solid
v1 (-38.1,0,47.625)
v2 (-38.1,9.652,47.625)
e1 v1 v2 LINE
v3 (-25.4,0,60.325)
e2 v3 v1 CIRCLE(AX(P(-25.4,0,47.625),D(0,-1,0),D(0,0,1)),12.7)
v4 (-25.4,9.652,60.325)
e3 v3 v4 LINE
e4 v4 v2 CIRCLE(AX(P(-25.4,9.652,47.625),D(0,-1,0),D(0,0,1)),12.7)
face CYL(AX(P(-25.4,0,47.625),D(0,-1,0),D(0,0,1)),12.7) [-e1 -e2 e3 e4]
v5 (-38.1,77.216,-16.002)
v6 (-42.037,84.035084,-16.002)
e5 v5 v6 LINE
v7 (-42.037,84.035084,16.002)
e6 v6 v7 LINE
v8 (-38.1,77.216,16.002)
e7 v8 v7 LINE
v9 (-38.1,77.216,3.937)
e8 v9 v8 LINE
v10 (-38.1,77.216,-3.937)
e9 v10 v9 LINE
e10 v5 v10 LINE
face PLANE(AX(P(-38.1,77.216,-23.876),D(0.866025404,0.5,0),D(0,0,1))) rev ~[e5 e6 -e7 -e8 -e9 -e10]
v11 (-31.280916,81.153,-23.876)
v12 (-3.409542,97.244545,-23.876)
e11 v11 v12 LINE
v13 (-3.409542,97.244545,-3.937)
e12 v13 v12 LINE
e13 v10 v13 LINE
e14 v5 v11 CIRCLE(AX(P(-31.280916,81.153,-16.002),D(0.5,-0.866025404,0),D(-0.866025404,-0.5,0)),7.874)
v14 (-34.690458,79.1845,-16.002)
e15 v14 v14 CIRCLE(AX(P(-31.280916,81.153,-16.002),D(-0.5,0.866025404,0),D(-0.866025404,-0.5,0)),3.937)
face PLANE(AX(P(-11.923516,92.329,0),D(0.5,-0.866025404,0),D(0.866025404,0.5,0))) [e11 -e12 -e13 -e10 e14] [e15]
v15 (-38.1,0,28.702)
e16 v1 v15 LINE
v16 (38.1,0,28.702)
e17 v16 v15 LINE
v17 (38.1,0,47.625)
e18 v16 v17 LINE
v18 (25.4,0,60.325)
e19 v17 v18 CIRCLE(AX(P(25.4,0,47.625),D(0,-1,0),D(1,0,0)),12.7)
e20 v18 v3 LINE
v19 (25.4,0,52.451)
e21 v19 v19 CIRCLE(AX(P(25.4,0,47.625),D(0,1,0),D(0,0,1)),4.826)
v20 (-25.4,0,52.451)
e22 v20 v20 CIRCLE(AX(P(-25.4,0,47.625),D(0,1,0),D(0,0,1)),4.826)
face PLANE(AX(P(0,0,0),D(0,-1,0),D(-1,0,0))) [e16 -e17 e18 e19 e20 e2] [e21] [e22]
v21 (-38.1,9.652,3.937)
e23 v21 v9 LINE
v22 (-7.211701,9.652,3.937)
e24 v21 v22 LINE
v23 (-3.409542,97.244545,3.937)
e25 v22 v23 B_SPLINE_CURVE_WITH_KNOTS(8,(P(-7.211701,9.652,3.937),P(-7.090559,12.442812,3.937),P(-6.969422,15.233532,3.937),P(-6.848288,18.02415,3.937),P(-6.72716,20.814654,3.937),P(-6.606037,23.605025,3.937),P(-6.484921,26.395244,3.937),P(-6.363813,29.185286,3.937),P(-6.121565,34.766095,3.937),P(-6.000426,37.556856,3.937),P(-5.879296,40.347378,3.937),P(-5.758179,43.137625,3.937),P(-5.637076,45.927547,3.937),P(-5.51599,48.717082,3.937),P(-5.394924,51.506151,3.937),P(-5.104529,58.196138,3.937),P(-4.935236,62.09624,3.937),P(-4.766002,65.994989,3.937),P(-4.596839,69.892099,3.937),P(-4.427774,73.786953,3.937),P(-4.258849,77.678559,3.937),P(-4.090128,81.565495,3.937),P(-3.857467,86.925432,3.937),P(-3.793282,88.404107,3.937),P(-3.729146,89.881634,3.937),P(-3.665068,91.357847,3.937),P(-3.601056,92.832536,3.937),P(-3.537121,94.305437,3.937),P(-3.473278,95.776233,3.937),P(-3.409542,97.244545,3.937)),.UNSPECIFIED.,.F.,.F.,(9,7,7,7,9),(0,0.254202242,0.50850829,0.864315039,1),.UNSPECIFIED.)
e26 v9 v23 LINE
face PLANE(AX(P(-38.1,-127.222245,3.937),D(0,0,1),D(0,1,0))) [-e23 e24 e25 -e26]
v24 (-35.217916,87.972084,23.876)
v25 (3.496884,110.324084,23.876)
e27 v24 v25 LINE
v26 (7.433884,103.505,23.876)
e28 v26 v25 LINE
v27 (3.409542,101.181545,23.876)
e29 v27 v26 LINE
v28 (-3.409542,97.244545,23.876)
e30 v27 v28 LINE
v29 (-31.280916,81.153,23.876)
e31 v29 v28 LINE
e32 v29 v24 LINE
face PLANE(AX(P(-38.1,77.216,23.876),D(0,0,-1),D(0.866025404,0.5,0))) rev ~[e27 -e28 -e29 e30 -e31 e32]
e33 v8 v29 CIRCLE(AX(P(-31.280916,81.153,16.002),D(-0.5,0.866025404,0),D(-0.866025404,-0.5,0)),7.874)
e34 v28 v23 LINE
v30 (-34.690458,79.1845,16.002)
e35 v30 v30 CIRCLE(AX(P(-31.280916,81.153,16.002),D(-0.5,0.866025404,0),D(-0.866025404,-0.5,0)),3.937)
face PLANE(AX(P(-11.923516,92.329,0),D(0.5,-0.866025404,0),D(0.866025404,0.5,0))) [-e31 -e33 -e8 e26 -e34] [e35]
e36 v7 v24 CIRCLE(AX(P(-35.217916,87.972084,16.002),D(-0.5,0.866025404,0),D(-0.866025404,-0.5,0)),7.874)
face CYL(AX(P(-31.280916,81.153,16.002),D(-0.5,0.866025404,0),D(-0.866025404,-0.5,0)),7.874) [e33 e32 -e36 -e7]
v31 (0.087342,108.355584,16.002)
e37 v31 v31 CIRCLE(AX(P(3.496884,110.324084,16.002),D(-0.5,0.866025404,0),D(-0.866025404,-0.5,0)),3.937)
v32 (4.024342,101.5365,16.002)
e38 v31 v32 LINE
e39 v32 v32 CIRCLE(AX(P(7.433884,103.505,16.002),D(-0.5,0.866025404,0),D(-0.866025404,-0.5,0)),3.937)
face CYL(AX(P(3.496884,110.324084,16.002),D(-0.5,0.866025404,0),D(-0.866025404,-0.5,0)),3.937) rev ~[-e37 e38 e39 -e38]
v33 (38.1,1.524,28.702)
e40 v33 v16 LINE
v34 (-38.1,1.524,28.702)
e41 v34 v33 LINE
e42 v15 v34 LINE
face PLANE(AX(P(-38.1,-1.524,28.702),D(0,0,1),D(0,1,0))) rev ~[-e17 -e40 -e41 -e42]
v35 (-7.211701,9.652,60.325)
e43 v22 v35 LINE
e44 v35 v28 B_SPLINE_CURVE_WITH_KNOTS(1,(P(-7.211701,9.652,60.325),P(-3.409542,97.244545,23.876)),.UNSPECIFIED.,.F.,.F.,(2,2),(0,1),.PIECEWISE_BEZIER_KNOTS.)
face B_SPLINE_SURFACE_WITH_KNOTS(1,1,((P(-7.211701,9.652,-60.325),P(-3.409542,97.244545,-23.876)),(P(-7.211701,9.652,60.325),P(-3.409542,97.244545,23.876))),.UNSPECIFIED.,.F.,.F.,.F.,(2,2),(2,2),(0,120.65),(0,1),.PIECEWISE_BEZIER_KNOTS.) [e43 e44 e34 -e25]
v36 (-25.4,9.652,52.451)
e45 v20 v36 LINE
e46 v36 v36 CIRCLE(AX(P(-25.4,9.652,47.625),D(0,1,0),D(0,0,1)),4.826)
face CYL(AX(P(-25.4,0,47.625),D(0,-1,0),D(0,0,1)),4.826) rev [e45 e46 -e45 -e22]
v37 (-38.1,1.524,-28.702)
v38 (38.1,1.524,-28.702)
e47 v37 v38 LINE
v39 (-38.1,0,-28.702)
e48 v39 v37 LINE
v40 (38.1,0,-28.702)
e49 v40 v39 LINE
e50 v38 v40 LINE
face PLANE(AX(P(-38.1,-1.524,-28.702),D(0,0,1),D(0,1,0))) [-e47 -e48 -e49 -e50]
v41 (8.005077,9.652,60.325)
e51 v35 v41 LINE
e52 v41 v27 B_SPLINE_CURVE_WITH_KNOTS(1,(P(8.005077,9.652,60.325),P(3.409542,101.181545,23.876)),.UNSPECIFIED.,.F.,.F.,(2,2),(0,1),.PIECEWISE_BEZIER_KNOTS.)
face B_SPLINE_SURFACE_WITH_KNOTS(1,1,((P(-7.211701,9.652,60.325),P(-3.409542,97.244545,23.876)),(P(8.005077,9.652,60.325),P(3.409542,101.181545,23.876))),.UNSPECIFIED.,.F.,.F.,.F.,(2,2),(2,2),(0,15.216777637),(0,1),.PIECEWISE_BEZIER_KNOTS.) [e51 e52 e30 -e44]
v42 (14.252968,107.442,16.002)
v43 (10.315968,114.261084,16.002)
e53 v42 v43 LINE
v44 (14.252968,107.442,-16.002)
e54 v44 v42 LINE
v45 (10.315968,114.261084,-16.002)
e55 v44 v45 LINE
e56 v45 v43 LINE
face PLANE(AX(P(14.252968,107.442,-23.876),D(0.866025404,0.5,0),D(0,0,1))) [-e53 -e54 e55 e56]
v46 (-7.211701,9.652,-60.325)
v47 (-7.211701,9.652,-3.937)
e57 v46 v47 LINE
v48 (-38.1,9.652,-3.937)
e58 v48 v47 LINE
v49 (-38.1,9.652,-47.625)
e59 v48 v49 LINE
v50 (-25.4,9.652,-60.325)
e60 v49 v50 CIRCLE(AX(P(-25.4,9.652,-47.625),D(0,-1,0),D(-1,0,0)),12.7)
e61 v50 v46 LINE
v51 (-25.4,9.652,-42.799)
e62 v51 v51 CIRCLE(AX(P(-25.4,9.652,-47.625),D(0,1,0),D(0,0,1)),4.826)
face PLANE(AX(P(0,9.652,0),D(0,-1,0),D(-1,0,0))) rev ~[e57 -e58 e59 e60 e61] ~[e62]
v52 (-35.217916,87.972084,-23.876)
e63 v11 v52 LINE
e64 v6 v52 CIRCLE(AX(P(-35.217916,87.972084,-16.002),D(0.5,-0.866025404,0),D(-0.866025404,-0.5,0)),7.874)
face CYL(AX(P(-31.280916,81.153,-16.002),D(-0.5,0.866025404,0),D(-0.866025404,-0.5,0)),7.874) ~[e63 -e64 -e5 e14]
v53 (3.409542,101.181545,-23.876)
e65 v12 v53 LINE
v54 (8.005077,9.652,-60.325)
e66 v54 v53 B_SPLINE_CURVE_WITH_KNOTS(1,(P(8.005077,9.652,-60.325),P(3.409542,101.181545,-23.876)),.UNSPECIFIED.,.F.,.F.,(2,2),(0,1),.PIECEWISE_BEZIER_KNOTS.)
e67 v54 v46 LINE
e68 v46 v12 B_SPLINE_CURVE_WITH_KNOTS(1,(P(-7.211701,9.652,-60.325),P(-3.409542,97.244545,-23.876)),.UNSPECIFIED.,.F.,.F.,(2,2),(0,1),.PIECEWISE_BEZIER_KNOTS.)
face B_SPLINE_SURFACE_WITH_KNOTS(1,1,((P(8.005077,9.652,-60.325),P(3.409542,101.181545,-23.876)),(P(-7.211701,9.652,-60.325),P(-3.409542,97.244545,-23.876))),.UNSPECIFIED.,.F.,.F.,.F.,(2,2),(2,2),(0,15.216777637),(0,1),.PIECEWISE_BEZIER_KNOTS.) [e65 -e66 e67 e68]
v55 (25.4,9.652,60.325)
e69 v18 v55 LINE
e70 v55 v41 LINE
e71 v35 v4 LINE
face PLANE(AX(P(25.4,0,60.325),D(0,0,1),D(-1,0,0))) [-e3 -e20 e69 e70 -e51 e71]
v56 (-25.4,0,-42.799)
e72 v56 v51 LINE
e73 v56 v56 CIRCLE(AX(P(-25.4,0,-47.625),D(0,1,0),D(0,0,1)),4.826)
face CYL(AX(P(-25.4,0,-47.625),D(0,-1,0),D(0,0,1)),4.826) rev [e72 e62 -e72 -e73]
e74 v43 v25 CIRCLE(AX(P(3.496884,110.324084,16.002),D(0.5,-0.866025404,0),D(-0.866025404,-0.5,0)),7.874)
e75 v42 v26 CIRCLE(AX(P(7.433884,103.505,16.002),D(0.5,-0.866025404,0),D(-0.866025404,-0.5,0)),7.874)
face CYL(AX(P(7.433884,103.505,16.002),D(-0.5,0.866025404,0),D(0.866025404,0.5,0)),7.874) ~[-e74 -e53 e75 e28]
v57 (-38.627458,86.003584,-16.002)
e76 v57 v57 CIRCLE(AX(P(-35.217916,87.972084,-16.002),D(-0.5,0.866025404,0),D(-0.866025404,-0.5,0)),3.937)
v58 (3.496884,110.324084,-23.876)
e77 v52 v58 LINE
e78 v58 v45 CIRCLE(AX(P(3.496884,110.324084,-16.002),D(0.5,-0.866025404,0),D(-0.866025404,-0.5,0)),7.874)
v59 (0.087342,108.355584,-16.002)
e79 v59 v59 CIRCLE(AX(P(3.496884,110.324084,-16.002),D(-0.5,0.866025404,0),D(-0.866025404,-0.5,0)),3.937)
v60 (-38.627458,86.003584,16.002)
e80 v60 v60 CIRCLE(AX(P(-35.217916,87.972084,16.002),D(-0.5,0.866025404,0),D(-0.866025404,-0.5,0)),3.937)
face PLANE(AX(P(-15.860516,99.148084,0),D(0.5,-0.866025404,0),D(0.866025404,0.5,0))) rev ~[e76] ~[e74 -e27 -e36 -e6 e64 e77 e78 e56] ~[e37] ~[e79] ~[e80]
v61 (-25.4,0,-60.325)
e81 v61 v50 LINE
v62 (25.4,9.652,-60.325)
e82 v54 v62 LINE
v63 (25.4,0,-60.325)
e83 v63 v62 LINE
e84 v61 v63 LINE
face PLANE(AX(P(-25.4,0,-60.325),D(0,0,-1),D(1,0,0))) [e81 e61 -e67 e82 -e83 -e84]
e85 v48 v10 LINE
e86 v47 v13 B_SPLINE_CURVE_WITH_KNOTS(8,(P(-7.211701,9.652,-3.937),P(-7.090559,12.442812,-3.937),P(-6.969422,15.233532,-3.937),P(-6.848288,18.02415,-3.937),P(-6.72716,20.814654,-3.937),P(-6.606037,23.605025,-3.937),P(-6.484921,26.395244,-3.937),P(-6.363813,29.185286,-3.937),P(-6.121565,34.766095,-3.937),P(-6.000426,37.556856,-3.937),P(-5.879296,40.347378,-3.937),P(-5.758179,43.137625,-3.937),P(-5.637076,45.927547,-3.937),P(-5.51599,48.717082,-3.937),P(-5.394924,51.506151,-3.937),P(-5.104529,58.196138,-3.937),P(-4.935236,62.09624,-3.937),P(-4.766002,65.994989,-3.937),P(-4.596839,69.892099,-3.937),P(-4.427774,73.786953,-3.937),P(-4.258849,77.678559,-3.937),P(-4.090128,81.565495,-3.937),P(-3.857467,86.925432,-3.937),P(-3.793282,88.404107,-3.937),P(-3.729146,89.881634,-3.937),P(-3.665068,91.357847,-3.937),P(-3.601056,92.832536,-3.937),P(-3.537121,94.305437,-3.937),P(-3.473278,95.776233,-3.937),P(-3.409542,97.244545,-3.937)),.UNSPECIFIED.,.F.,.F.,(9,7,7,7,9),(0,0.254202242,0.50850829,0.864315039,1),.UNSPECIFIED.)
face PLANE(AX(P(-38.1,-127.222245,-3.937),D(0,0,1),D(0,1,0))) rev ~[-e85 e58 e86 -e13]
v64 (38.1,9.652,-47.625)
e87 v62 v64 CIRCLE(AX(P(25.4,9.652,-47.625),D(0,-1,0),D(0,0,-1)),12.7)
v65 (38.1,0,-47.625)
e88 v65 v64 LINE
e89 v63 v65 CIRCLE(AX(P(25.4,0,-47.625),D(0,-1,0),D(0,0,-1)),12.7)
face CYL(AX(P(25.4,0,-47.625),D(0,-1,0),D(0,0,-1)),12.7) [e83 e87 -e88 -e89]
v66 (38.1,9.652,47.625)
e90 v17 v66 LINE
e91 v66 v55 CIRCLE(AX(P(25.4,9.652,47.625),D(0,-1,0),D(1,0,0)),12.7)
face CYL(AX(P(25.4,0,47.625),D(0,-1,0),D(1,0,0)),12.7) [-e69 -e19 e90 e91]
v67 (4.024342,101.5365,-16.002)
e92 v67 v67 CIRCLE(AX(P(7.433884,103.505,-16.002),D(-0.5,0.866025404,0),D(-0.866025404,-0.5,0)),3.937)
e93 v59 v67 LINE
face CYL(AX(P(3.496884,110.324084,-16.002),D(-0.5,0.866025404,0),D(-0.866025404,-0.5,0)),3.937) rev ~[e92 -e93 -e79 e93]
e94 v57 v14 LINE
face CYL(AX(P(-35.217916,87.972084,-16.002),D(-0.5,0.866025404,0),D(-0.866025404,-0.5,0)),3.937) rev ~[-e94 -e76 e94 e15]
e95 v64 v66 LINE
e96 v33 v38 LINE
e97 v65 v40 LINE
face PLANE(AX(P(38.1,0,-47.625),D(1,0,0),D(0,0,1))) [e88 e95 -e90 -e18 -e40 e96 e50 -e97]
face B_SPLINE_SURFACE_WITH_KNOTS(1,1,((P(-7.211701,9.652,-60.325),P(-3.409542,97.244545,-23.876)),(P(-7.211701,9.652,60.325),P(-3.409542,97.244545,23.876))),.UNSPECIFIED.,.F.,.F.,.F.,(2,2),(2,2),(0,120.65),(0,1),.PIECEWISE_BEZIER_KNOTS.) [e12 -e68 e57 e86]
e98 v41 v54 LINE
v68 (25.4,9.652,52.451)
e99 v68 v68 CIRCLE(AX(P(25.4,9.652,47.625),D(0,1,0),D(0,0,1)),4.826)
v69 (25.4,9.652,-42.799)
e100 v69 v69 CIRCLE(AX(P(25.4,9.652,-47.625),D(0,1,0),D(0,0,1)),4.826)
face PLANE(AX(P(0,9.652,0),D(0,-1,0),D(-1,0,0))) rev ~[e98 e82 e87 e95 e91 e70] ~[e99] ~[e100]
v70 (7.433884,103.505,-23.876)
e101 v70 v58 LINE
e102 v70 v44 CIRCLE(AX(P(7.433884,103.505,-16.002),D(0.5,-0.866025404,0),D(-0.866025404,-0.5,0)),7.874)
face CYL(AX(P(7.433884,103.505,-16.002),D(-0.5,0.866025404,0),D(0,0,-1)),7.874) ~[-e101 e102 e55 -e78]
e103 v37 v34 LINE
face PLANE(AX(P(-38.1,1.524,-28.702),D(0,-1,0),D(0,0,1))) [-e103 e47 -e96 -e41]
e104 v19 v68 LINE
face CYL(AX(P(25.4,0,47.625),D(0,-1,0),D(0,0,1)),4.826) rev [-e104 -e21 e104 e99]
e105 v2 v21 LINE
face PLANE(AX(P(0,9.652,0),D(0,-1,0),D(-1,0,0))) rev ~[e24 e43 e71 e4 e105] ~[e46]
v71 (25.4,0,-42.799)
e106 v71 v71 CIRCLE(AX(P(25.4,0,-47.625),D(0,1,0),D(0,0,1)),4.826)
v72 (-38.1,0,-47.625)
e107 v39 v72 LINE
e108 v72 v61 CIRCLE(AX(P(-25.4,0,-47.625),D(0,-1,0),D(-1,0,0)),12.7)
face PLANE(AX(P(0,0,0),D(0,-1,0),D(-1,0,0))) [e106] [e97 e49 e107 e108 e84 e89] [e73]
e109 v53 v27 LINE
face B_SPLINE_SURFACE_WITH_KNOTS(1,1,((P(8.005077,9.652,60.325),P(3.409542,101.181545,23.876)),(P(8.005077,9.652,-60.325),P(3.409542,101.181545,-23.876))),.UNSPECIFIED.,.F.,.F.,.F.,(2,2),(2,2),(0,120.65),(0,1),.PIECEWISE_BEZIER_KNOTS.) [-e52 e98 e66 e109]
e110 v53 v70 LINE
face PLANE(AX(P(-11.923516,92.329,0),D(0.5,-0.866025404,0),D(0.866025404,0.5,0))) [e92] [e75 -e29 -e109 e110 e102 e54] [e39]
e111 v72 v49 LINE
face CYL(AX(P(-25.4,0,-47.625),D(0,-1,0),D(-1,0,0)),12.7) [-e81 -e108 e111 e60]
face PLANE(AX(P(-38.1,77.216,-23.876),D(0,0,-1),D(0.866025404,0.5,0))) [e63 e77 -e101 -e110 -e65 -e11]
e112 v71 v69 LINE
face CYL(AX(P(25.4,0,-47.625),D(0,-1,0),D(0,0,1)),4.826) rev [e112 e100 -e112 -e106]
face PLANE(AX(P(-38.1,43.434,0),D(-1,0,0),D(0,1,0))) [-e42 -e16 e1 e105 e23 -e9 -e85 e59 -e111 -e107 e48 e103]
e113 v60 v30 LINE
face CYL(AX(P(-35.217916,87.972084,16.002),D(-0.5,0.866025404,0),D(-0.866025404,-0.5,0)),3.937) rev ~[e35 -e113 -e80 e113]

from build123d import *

# Parameters (mm, degrees)
SKETCH1_R           = 4.826
BOSS_EXTRUDE1_DEPTH = 9.652
SKETCH2_W           = 57.404
SKETCH2_H           = 3.048
CUT_EXTRUDE1_DEPTH  = 98.666302935
SKETCH5_W           = 60.452
SKETCH5_H           = 47.752
BOSS_EXTRUDE2_DEPTH = 7.874
FILLET1_R           = 7.874
SKETCH7_R           = 3.937
CUT_EXTRUDE2_DEPTH  = 7.874
RIB1_REACH          = 137.874
SKETCH11_WALL_W     = 341.312489082
SKETCH11_WALL_H     = 7.874


with BuildPart() as part:
    # Sketch1 → Boss-Extrude1 (new body)
    with BuildSketch(Plane(origin=(0, 0, 0), x_dir=(1, 0, 0), z_dir=(0, 1, 0))):
        with BuildLine():
            Line((-25.4, 60.325), (25.4, 60.325))
            ThreePointArc((25.4, 60.325), (34.380256121, 56.605256121), (38.1, 47.625))
            Line((38.1, 47.625), (38.1, -47.625))
            ThreePointArc((38.1, -47.625), (34.380256121, -56.605256121), (25.4, -60.325))
            Line((25.4, -60.325), (-25.4, -60.325))
            ThreePointArc((-25.4, -60.325), (-34.380256121, -56.605256121), (-38.1, -47.625))
            Line((-38.1, -47.625), (-38.1, 47.625))
            ThreePointArc((-38.1, 47.625), (-34.380256121, 56.605256121), (-25.4, 60.325))
        make_face()
        with Locations(Location((-25.4, -47.625, 0), (0, 0, 270))):
            Circle(SKETCH1_R, mode=Mode.SUBTRACT)
        with Locations(Location((25.4, -47.625, 0), (0, 0, 270))):
            Circle(SKETCH1_R, mode=Mode.SUBTRACT)
        with Locations(Location((25.4, 47.625, 0), (0, 0, 270))):
            Circle(SKETCH1_R, mode=Mode.SUBTRACT)
        with Locations(Location((-25.4, 47.625, 0), (0, 0, 270))):
            Circle(SKETCH1_R, mode=Mode.SUBTRACT)
    extrude(amount=BOSS_EXTRUDE1_DEPTH)

    # Sketch2 → Cut-Extrude1 (cut, through all)
    with BuildSketch(Plane.ZY.offset(38.1)):
        Rectangle(SKETCH2_W, SKETCH2_H)
    extrude(amount=-CUT_EXTRUDE1_DEPTH, mode=Mode.SUBTRACT)



with BuildPart() as body_2:
    # Sketch5 → Boss-Extrude2 (new body)
    with BuildSketch(Plane(origin=(-42.960508789, 74.409783942, 0), x_dir=(0.8660254037844399, 0.49999999999999795, 0), z_dir=(0.4999999999999979, -0.8660254037844398, 0))):
        with Locations((35.838432116, 0)):
            Rectangle(SKETCH5_W, SKETCH5_H)
    extrude(amount=-BOSS_EXTRUDE2_DEPTH)

    # Fillet1
    fillet1_edges = [body_2.edges().sort_by_distance(p)[0] for p in [
        (-40.0685, 80.625542015, 23.876),
        (12.28446771, 110.851542015, 23.876),
        (12.28446771, 110.851542015, -23.876),
        (-40.0685, 80.625542015, -23.876),
    ]]
    fillet(fillet1_edges, radius=FILLET1_R)

    # Sketch7 → Cut-Extrude2 (cut)
    with BuildSketch(Plane(origin=(-46.897508789, 81.228867971, 0), x_dir=(0.8660254037844398, 0.49999999999999806, 0), z_dir=(-0.499999999999998, 0.8660254037844397, 0))):
        with Locations(Location((13.486432116, 16.002, 0), (0, 0, 180))):
            Circle(SKETCH7_R)
        with Locations(Location((13.486432116, -16.002, 0), (0, 0, 180))):
            Circle(SKETCH7_R)
        with Locations(Location((58.190432116, -16.002, 0), (0, 0, 180))):
            Circle(SKETCH7_R)
        with Locations(Location((58.190432116, 16.002, 0), (0, 0, 180))):
            Circle(SKETCH7_R)
    extrude(amount=-CUT_EXTRUDE2_DEPTH, mode=Mode.SUBTRACT)


with BuildPart() as part_1:
    add(part.part)

    add(body_2.part)  # Loft1 merges body 2
    # Sketch3 → Loft1 section 0
    with BuildSketch(Plane(origin=(0, 9.652, 0), x_dir=(1, 0, 0), z_dir=(0, 1, 0))):
        with BuildLine():
            Line((8.005076562, 60.325), (-7.211701075, 60.325))
            Line((-7.211701075, 60.325), (-7.211701075, -60.325))
            Line((-7.211701075, -60.325), (8.005076562, -60.325))
            Line((8.005076562, -60.325), (8.005076562, 60.325))
        make_face()
    # Sketch10 → Loft1 section 1
    with BuildSketch(Plane(origin=(-42.960508789, 74.409783942, 0), x_dir=(0.8660254037844398, 0.49999999999999806, 0), z_dir=(0.499999999999998, -0.8660254037844397, 0))):
        with BuildLine():
            Line((53.543522628, 23.876), (45.669522628, 23.876))
            Line((45.669522628, 23.876), (45.669522628, -23.876))
            Line((45.669522628, -23.876), (53.543522628, -23.876))
            Line((53.543522628, -23.876), (53.543522628, 23.876))
        make_face()
    loft()

    # Sketch11 wall → Rib1 (add, up to next)
    with BuildSketch(Plane(origin=(-38.1, 43.434, 0), x_dir=(0, 1, 0), z_dir=(-1, 0, 0)), mode=Mode.PRIVATE) as rib1_sk1:
        Rectangle(SKETCH11_WALL_W, SKETCH11_WALL_H)
    rib1_tool1 = extrude(rib1_sk1.sketch, amount=-RIB1_REACH, mode=Mode.PRIVATE) - part_1.part
    add(rib1_tool1.solids().sort_by_distance((-38.1, 43.434, 0))[0])


solid = part_1.part
